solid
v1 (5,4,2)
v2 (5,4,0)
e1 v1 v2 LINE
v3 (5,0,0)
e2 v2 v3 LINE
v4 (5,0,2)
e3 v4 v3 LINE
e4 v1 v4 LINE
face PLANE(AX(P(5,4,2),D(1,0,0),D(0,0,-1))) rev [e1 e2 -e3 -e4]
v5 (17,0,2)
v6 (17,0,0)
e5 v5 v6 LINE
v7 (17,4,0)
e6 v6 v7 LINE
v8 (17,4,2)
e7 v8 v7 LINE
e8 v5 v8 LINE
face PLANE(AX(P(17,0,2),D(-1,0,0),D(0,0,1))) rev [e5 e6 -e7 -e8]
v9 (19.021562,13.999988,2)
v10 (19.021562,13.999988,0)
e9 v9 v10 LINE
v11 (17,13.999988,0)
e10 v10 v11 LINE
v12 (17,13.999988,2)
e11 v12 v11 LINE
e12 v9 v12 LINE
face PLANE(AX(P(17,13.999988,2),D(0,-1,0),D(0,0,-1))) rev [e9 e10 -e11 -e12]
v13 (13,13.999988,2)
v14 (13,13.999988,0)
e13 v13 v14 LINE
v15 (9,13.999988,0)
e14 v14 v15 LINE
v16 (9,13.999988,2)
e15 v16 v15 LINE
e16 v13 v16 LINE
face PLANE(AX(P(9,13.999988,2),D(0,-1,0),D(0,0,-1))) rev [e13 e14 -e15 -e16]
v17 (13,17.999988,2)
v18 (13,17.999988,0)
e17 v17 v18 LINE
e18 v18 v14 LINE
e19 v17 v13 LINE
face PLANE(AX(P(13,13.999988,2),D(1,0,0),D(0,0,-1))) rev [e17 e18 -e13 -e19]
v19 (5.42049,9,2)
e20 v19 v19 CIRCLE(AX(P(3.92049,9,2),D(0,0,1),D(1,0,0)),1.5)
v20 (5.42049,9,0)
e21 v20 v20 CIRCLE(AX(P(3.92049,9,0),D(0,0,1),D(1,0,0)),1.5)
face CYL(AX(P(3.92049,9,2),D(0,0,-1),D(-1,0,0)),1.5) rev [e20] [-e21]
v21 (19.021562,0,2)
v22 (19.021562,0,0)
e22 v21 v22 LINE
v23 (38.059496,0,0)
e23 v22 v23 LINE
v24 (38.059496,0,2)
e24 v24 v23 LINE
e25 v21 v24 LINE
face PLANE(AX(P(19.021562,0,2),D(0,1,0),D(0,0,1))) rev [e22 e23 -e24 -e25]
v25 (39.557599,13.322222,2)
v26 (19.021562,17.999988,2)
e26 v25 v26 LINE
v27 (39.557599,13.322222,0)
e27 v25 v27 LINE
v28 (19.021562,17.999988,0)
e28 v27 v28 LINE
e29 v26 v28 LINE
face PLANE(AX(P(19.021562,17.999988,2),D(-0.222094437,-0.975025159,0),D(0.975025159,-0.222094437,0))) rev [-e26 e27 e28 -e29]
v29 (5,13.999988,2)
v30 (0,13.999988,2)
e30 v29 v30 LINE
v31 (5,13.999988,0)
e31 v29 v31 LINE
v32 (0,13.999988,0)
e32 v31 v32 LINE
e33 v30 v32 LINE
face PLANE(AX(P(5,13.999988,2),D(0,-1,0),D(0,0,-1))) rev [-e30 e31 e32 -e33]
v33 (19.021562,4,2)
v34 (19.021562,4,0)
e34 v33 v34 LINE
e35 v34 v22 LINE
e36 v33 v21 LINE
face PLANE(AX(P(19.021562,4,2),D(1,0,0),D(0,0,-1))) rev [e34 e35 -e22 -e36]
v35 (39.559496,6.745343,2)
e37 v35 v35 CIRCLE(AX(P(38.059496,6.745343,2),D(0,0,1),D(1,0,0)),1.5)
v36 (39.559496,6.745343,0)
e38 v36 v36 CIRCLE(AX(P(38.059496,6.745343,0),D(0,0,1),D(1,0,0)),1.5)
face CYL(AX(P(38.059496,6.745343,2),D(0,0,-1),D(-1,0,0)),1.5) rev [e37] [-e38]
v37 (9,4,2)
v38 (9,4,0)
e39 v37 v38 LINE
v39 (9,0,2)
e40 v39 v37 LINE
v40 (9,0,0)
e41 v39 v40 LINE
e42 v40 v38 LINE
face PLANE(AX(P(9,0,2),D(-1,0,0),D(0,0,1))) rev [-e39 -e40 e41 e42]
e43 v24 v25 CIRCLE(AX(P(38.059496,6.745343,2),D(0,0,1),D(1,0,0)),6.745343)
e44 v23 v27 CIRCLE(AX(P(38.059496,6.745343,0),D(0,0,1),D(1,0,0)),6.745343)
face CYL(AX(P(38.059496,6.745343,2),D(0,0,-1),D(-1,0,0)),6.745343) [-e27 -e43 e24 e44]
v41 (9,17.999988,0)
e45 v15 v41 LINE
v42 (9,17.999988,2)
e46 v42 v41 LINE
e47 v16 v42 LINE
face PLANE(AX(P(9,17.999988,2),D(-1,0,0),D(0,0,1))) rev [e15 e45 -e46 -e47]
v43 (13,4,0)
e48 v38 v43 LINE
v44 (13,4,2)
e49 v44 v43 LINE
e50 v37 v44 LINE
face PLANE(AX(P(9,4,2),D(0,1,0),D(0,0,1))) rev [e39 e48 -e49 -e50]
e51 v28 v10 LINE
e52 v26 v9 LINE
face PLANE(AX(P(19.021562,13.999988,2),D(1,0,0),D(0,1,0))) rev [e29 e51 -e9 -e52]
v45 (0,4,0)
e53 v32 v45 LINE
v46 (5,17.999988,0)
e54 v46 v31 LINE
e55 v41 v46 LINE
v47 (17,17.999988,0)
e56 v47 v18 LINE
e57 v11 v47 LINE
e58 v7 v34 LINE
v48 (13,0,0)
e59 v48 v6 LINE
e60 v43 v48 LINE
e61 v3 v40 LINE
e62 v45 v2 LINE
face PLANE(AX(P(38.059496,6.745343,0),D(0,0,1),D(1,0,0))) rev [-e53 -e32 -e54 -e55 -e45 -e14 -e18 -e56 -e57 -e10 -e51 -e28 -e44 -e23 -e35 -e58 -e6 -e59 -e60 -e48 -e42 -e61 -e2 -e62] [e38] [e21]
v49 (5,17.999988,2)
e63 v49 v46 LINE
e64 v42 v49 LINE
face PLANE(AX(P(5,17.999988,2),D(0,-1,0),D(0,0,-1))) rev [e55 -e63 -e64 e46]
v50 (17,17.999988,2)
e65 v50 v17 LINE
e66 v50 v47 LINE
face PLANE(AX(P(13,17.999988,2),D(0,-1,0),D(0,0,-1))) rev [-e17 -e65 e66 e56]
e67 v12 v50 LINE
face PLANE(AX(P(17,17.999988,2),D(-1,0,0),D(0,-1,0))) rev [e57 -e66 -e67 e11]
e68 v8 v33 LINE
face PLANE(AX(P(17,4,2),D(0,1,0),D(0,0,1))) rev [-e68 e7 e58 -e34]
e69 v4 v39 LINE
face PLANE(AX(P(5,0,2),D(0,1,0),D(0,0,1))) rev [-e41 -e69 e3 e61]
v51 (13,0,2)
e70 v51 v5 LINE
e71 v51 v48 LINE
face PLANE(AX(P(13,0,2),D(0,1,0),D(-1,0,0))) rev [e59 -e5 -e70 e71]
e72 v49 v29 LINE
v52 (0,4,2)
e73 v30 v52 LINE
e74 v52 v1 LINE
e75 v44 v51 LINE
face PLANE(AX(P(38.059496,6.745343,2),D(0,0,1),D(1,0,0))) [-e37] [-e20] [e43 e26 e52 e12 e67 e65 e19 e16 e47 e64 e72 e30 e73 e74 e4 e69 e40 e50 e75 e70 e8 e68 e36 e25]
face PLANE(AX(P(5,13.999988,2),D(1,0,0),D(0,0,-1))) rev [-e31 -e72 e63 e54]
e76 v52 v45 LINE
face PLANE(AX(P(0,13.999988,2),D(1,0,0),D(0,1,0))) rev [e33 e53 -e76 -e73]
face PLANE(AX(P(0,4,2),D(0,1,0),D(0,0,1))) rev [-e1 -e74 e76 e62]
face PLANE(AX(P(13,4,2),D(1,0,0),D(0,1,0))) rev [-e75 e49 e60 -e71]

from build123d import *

# Parameters (mm, degrees)
SKETCH1_R           = 1.5
BOSS_EXTRUDE1_DEPTH = 2


with BuildPart() as part:
    # Sketch1 → Boss-Extrude1 (new body)
    with BuildSketch(Plane.XY):
        with BuildLine():
            Line((5, 0), (9, 0))
            Line((9, 0), (9, 4))
            Line((9, 4), (13, 4))
            Line((13, 4), (13, 0))
            Line((13, 0), (17, 0))
            Line((17, 0), (17, 4))
            Line((17, 4), (19.021561934, 4))
            Line((19.021561934, 4), (19.021561934, 0))
            Line((19.021561934, 0), (38.059495851, 0))
            ThreePointArc((38.059495851, 0), (44.762590659, 5.991570372), (39.557599026, 13.322222296))
            Line((39.557599026, 13.322222296), (19.021561934, 17.999988357))
            Line((19.021561934, 17.999988357), (19.021561934, 13.999988357))
            Line((19.021561934, 13.999988357), (17, 13.999988357))
            Line((17, 13.999988357), (17, 17.999988357))
            Line((17, 17.999988357), (13, 17.999988357))
            Line((13, 17.999988357), (13, 13.999988357))
            Line((13, 13.999988357), (9, 13.999988357))
            Line((9, 13.999988357), (9, 17.999988357))
            Line((9, 17.999988357), (5, 17.999988357))
            Line((5, 17.999988357), (5, 13.999988357))
            Line((5, 13.999988357), (0, 13.999988357))
            Line((0, 13.999988357), (0, 4))
            Line((0, 4), (5, 4))
            Line((5, 4), (5, 0))
        make_face()
        with Locations((3.920490093, 9)):
            Circle(SKETCH1_R, mode=Mode.SUBTRACT)
        with Locations((38.059495851, 6.745343083)):
            Circle(SKETCH1_R, mode=Mode.SUBTRACT)
    extrude(amount=BOSS_EXTRUDE1_DEPTH)


solid = part.part
